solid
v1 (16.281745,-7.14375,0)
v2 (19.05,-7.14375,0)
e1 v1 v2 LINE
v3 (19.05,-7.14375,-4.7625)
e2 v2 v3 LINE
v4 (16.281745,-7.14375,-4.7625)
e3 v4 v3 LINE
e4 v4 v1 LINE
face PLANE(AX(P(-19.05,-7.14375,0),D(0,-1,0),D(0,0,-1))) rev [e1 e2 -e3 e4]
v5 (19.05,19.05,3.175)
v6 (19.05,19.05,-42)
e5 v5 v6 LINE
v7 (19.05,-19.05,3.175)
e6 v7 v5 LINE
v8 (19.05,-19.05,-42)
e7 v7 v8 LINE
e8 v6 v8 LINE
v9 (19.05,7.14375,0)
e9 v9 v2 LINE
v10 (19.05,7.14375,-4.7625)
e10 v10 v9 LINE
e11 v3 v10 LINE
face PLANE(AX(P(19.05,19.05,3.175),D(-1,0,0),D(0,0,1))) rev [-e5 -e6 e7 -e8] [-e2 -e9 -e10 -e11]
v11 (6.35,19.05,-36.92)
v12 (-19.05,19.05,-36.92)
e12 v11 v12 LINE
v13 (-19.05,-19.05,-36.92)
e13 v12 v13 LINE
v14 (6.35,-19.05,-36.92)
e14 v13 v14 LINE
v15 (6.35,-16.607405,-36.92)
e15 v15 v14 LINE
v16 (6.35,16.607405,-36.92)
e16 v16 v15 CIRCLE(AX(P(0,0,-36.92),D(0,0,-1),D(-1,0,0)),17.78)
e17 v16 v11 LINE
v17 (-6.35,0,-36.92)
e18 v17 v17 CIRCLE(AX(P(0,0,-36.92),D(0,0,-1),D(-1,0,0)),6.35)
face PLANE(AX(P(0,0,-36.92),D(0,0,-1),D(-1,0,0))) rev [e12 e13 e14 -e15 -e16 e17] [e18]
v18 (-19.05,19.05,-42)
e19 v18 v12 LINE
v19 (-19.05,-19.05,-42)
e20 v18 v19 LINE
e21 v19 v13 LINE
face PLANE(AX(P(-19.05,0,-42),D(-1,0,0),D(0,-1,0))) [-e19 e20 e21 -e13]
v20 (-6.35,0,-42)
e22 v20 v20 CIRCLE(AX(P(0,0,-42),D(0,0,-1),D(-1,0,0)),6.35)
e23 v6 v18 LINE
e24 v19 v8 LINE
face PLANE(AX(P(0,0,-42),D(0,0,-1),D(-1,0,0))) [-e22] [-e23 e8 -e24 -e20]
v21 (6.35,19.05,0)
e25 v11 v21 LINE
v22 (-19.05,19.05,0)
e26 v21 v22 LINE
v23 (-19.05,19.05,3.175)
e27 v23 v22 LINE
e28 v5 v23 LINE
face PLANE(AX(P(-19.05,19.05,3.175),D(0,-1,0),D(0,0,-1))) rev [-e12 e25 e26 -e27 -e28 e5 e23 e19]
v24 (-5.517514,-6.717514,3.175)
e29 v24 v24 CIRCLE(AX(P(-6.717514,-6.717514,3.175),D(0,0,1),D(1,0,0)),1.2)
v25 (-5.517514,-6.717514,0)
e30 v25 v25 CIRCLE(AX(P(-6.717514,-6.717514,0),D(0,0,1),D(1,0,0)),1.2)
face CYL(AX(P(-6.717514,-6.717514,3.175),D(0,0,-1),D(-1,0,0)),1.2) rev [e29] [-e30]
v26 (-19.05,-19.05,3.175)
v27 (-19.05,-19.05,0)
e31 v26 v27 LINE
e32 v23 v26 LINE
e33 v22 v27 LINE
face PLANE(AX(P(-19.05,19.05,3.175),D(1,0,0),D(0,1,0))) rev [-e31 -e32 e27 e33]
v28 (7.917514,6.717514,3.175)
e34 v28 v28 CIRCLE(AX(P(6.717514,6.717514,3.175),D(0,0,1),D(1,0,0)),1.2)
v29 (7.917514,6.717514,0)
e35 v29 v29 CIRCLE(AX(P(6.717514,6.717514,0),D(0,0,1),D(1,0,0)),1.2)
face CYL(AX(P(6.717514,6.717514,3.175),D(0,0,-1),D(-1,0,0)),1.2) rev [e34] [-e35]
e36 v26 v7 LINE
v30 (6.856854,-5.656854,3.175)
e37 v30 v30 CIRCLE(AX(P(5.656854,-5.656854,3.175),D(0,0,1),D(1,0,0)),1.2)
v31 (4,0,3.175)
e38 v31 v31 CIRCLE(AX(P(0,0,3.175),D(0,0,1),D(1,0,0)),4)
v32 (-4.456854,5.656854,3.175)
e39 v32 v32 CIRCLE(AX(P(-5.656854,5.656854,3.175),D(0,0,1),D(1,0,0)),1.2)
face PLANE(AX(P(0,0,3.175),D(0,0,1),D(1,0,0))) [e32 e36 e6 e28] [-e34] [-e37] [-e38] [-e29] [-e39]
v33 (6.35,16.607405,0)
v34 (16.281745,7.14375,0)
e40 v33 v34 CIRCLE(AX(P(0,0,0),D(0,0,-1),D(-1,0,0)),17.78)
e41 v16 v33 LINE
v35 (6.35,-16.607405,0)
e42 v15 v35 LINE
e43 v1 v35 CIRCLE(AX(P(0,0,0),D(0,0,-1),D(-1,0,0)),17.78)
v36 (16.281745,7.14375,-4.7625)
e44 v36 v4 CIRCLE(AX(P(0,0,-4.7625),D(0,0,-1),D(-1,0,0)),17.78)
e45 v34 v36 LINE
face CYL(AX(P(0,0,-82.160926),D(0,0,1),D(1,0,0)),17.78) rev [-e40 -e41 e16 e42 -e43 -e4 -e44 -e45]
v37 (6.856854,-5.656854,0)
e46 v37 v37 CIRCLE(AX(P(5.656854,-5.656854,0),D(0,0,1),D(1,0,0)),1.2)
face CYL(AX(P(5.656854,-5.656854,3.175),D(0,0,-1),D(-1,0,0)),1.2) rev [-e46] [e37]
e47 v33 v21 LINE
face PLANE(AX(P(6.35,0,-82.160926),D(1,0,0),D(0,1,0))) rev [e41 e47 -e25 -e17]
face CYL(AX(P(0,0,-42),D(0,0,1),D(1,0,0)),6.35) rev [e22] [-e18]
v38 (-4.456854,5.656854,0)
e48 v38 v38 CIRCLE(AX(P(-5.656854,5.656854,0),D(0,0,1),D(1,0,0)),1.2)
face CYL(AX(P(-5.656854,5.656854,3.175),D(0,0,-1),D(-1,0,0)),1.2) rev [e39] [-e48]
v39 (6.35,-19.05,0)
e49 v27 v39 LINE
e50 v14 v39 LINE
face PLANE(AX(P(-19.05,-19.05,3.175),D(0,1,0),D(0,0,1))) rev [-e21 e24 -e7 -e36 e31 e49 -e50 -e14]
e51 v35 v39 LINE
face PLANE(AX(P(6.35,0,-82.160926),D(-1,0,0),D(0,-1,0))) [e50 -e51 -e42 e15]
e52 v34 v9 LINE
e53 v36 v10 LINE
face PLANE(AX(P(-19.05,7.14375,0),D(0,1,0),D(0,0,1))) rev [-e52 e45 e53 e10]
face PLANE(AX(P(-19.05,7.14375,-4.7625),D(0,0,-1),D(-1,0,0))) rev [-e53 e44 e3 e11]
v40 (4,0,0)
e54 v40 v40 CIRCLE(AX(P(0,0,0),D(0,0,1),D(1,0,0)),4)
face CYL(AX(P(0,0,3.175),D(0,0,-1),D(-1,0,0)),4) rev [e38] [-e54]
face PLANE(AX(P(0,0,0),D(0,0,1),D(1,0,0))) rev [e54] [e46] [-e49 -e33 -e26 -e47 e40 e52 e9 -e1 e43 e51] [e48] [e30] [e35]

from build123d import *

# Parameters (mm, degrees)
SKETCH2_W           = 38.1
SKETCH2_H           = 38.1
BOSS_EXTRUDE1_DEPTH = 3.175
BOSS_EXTRUDE2_DEPTH = 36.92
SKETCH5_R           = 6.35
BOSS_EXTRUDE3_DEPTH = 5.08
SKETCH8_W           = 4.7625
SKETCH8_H           = 14.2875
CUT_EXTRUDE1_DEPTH  = 60.820669505


with BuildPart() as part:
    # Sketch2 → Boss-Extrude1 (new body)
    with BuildSketch(Plane.XY):
        Rectangle(SKETCH2_W, SKETCH2_H)
        with BuildLine():
            ThreePointArc((5.517514421, 6.717514421), (6.717514421, 5.517514421), (7.917514421, 6.717514421))
            ThreePointArc((7.917514421, 6.717514421), (6.717514421, 7.917514421), (5.517514421, 6.717514421))
        make_face(mode=Mode.SUBTRACT)
        with BuildLine():
            ThreePointArc((4.456854249, -5.656854249), (5.656854249, -6.856854249), (6.856854249, -5.656854249))
            ThreePointArc((6.856854249, -5.656854249), (5.656854249, -4.456854249), (4.456854249, -5.656854249))
        make_face(mode=Mode.SUBTRACT)
        with BuildLine():
            ThreePointArc((-7.917514421, -6.717514421), (-6.717514421, -7.917514421), (-5.517514421, -6.717514421))
            ThreePointArc((-5.517514421, -6.717514421), (-6.717514421, -5.517514421), (-7.917514421, -6.717514421))
        make_face(mode=Mode.SUBTRACT)
        with BuildLine():
            ThreePointArc((-6.856854249, 5.656854249), (-5.656854249, 4.456854249), (-4.456854249, 5.656854249))
            ThreePointArc((-4.456854249, 5.656854249), (-5.656854249, 6.856854249), (-6.856854249, 5.656854249))
        make_face(mode=Mode.SUBTRACT)
        with BuildLine():
            ThreePointArc((0, -4), (4, 0), (0, 4))
            ThreePointArc((0, 4), (-4, 0), (0, -4))
        make_face(mode=Mode.SUBTRACT)
    extrude(amount=BOSS_EXTRUDE1_DEPTH)

    # Sketch3 → Boss-Extrude2 (add)
    with BuildSketch(Plane(origin=(0, 0, 0), x_dir=(-1, 0, 0), z_dir=(0, 0, -1))):
        with BuildLine():
            Line((-19.05, -19.05), (-6.35, -19.05))
            Line((-6.35, -19.05), (-6.35, -16.607404975))
            ThreePointArc((-6.35, -16.607404975), (-17.78, 0), (-6.35, 16.607404975))
            Line((-6.35, 16.607404975), (-6.35, 19.05))
            Line((-6.35, 19.05), (-19.05, 19.05))
            Line((-19.05, 19.05), (-19.05, -19.05))
        make_face()
    extrude(amount=BOSS_EXTRUDE2_DEPTH)

    # Sketch5 → Boss-Extrude3 (add)
    # profile 1 of 3: a face of its own
    with BuildSketch(Plane(origin=(0, 0, -36.92), x_dir=(-1, 0, 0), z_dir=(0, 0, -1))):
        with BuildLine():
            Line((-6.35, -19.05), (19.05, -19.05))
            Line((19.05, -19.05), (19.05, 19.05))
            Line((19.05, 19.05), (-6.35, 19.05))
            Line((-6.35, 19.05), (-6.35, 16.607404975))
            ThreePointArc((-6.35, 16.607404975), (-17.78, 0), (-6.35, -16.607404975))
            Line((-6.35, -16.607404975), (-6.35, -19.05))
        make_face()
        with BuildLine():
            ThreePointArc((-14, 0), (0, 14), (14, 0))
            ThreePointArc((14, 0), (0, -14), (-14, 0))
        make_face(mode=Mode.SUBTRACT)
    # profile 2 of 3: a face of its own
    with BuildSketch(Plane(origin=(0, 0, -36.92), x_dir=(-1, 0, 0), z_dir=(0, 0, -1))):
        with BuildLine():
            ThreePointArc((14, 0), (0, 14), (-14, 0))
            ThreePointArc((-14, 0), (0, -14), (14, 0))
        make_face()
        Circle(SKETCH5_R, mode=Mode.SUBTRACT)
    # profile 3 of 3: a face of its own
    with BuildSketch(Plane(origin=(0, 0, -36.92), x_dir=(-1, 0, 0), z_dir=(0, 0, -1))):
        with BuildLine():
            Line((-6.35, -19.05), (-6.35, -16.607404975))
            ThreePointArc((-6.35, -16.607404975), (-17.78, 0), (-6.35, 16.607404975))
            Line((-6.35, 16.607404975), (-6.35, 19.05))
            Line((-6.35, 19.05), (-19.05, 19.05))
            Line((-19.05, 19.05), (-19.05, -19.05))
            Line((-19.05, -19.05), (-6.35, -19.05))
        make_face()
    extrude(amount=BOSS_EXTRUDE3_DEPTH)

    # Sketch8 → Cut-Extrude1 (cut, through all)
    with BuildSketch(Plane(origin=(19.05, 0, 0), x_dir=(0, 0, -1), z_dir=(1, 0, 0))):
        with Locations((2.38125, 0)):
            Rectangle(SKETCH8_W, SKETCH8_H)
    extrude(amount=-CUT_EXTRUDE1_DEPTH, mode=Mode.SUBTRACT)


solid = part.part
